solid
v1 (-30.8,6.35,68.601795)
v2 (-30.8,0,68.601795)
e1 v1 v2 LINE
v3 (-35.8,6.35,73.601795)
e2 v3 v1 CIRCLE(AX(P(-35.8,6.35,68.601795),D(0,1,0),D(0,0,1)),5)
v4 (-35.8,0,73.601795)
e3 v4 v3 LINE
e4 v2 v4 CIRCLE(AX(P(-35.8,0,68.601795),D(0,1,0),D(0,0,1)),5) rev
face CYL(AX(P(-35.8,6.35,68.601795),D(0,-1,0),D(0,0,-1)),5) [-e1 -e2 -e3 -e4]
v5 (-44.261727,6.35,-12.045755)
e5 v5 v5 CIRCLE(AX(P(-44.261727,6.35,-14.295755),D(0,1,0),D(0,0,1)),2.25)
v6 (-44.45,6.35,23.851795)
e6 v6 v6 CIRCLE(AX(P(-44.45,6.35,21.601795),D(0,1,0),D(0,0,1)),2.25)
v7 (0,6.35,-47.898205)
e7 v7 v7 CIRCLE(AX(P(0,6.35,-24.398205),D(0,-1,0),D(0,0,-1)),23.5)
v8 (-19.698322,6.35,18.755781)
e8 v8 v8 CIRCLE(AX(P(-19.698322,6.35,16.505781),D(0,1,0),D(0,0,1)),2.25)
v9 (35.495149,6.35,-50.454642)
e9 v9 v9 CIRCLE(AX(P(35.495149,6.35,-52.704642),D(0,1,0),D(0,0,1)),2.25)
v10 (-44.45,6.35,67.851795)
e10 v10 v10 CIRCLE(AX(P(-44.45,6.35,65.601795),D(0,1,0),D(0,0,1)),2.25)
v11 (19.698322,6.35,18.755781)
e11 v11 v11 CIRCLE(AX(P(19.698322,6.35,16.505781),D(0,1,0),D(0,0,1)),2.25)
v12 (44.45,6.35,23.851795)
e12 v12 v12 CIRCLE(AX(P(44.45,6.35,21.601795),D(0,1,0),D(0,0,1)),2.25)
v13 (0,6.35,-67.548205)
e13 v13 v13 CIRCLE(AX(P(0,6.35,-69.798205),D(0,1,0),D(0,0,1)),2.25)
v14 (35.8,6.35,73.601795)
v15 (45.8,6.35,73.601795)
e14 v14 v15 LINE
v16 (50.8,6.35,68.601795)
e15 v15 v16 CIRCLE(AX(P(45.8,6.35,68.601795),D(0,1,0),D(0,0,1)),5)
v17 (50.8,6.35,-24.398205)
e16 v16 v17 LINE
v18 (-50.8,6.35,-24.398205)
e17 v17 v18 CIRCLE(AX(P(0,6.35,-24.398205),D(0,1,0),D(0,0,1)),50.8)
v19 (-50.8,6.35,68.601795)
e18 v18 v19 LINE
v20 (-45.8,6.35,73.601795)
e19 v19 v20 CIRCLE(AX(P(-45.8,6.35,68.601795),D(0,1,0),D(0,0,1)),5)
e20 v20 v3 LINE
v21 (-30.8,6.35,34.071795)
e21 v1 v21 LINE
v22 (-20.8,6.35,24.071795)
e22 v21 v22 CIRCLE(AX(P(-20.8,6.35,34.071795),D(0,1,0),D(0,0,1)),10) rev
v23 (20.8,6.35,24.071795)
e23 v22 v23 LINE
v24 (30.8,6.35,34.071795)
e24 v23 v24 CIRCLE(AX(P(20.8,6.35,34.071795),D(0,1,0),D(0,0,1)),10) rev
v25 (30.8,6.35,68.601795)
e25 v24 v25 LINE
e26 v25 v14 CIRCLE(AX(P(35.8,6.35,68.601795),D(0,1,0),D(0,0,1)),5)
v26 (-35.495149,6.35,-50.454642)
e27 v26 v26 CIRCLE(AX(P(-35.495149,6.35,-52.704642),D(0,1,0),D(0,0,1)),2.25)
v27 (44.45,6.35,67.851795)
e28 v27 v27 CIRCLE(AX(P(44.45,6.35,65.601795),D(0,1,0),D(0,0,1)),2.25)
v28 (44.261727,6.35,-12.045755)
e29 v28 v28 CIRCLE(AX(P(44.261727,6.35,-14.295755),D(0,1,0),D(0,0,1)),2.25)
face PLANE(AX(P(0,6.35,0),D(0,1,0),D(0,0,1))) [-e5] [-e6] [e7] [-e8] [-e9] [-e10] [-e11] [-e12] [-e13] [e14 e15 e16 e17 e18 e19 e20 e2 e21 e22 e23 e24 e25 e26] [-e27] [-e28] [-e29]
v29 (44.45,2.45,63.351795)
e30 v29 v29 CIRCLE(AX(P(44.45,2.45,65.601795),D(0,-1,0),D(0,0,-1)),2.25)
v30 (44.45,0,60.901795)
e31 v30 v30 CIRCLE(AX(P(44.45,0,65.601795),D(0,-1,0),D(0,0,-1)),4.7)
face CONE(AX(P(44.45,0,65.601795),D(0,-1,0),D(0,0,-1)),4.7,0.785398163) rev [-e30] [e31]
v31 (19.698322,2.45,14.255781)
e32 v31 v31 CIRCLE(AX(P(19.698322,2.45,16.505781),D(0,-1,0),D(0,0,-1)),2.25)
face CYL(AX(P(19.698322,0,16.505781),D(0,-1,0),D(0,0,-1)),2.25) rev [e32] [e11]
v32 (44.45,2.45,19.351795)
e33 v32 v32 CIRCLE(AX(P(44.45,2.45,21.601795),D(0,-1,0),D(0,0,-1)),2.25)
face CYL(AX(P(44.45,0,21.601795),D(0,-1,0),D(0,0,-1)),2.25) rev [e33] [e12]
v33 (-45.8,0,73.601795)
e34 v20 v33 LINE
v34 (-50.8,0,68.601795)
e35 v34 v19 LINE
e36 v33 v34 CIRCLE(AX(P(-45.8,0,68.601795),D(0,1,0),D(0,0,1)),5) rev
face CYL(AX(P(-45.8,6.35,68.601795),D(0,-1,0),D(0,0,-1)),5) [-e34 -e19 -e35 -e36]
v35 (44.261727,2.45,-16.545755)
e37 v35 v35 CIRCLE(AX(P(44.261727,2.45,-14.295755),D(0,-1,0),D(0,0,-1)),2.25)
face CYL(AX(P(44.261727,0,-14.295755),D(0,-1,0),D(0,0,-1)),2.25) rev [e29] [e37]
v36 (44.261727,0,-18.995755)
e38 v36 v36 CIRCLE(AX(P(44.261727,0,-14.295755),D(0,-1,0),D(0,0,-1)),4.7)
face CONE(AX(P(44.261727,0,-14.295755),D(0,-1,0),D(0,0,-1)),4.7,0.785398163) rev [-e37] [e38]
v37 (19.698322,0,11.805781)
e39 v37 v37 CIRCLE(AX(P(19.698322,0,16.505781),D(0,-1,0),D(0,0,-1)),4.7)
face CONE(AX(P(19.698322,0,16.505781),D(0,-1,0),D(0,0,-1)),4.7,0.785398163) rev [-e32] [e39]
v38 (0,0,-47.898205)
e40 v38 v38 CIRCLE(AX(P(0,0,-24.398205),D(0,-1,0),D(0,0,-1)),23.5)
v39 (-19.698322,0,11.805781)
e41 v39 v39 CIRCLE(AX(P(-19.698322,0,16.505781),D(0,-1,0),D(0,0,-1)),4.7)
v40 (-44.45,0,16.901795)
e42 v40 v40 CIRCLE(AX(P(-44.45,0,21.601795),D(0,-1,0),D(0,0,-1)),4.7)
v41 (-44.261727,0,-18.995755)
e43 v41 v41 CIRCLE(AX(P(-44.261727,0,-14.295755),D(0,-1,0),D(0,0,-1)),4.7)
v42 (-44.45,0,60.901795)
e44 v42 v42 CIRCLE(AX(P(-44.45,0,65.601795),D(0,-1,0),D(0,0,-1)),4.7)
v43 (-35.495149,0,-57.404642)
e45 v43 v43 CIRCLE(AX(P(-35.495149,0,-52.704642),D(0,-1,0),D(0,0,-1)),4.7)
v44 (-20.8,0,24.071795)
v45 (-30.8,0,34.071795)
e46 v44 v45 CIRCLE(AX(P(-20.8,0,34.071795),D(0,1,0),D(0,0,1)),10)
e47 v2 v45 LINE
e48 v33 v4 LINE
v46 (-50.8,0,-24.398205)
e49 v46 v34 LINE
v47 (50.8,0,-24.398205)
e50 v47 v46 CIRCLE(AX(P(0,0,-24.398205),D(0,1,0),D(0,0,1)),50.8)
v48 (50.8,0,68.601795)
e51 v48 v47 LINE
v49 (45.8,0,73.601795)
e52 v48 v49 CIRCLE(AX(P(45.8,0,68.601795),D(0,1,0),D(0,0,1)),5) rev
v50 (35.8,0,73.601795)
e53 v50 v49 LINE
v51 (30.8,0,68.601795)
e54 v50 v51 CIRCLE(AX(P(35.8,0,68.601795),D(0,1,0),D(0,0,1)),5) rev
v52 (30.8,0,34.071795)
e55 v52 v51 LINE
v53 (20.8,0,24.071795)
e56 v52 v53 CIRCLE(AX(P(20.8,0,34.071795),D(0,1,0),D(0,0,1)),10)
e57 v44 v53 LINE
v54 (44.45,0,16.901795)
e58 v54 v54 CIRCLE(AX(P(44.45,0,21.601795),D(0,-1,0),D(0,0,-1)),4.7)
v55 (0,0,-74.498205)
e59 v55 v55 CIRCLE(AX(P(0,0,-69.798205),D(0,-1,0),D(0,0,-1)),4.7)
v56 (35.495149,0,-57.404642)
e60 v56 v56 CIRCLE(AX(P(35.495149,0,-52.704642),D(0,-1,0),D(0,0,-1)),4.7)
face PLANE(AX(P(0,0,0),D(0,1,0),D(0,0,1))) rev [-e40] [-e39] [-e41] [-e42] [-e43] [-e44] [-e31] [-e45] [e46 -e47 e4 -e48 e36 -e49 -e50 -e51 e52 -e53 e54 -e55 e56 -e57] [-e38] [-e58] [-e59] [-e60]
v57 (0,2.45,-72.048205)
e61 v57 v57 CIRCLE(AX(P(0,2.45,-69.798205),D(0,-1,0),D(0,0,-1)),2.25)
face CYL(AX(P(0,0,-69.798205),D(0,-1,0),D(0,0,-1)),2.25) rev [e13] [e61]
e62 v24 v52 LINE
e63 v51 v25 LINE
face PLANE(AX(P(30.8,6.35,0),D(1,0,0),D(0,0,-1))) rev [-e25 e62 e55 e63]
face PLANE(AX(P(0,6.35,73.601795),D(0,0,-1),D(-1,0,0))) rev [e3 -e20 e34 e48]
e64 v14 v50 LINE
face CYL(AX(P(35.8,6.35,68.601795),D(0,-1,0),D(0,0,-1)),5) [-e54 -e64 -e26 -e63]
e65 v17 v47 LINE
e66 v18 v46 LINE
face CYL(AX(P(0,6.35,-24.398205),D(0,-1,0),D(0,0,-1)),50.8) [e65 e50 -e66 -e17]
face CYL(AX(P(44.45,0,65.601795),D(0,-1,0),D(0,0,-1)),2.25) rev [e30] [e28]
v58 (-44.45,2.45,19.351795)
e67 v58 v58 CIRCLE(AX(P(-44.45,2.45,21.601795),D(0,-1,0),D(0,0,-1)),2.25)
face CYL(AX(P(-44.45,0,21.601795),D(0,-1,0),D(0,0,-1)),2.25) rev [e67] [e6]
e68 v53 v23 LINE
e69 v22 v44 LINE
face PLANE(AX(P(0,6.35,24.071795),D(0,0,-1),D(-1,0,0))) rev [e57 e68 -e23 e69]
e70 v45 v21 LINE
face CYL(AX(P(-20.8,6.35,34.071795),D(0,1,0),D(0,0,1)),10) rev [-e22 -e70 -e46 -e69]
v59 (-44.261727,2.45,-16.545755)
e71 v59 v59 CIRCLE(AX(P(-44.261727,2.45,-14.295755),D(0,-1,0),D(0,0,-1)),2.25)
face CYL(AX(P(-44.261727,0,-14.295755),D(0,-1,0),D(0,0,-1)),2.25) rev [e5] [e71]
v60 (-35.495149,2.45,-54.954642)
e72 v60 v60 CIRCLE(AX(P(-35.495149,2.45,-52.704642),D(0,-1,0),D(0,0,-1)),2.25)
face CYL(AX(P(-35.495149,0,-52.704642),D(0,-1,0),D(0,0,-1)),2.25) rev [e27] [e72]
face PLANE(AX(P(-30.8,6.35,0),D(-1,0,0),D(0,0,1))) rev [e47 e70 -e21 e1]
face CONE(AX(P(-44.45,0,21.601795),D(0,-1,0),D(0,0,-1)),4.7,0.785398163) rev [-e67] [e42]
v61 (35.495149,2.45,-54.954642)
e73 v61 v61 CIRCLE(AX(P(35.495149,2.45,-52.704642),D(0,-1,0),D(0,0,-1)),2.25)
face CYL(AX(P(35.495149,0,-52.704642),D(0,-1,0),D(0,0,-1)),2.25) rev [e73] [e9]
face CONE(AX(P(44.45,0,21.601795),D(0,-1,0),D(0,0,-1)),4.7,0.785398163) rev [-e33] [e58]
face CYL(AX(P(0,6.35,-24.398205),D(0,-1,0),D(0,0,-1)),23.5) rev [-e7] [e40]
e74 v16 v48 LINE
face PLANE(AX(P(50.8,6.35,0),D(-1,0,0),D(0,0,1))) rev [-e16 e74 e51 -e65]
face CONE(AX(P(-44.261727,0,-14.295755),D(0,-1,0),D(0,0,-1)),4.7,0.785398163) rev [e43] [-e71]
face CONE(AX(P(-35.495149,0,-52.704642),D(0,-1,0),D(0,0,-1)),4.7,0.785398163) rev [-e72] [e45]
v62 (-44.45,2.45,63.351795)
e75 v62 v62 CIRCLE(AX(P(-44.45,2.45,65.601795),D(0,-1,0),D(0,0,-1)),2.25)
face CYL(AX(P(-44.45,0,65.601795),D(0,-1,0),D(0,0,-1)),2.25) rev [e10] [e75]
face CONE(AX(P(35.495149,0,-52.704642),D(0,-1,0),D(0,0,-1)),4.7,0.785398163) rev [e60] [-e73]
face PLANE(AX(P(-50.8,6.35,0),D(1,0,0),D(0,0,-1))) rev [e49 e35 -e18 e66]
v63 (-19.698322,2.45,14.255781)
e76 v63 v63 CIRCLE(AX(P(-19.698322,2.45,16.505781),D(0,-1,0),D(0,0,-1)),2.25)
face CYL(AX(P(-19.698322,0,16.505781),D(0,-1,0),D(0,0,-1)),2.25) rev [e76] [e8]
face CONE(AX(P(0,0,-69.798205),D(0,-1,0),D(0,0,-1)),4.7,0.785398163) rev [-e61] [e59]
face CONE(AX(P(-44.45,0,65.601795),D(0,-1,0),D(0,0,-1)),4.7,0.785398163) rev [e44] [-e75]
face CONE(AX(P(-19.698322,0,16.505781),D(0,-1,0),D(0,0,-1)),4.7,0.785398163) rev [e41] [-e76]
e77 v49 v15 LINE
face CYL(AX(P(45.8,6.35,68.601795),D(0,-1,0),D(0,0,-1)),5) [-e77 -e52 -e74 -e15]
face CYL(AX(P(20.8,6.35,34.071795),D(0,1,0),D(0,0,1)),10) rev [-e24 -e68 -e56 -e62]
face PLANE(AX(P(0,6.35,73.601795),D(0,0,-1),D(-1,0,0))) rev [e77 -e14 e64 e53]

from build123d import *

# Parameters (mm, degrees)
BOSS_EXTRUDE1_DEPTH                             = 6.35
FILLET1_R                                       = 10
CSK_FOR_M4_FLAT_HEAD_MACHINE_SCREW1_D           = 4.5
CSK_FOR_M4_FLAT_HEAD_MACHINE_SCREW1_DEPTH       = 41.15
CSK_FOR_M4_FLAT_HEAD_MACHINE_SCREW1_CSINK_D     = 9.4
CSK_FOR_M4_FLAT_HEAD_MACHINE_SCREW1_CSINK_ANGLE = 90
CSK_FOR_M4_FLAT_HEAD_MACHINE_SCREW1_TIP         = 1.351936393
SKETCH5_R                                       = 23.5
CUT_EXTRUDE1_DEPTH                              = 91.971053662
FILLET2_R                                       = 5


with BuildPart() as part:
    # Sketch1 → Boss-Extrude1 (new body)
    with BuildSketch(Plane(origin=(0, 0, 0), x_dir=(1, 0, 0), z_dir=(0, 1, 0))):
        with BuildLine():
            ThreePointArc((-15.208520638, -24.071794541), (-40.946506862, -5.668779355), (-50.8, 24.398205459))
            Line((-50.8, 24.398205459), (-50.8, -73.601794541))
            Line((-50.8, -73.601794541), (-30.8, -73.601794541))
            Line((-30.8, -73.601794541), (-30.8, -24.071794541))
            Line((-30.8, -24.071794541), (-15.208520638, -24.071794541))
        make_face()
        with BuildLine():
            Line((0, 24.398205459), (-50.8, 24.398205459))
            ThreePointArc((-50.8, 24.398205459), (-40.946506862, -5.668779355), (-15.208520638, -24.071794541))
            Line((-15.208520638, -24.071794541), (0, -24.071794541))
            Line((0, -24.071794541), (0, 24.398205459))
        make_face()
        with BuildLine():
            Line((50.8, 24.398205459), (0, 24.398205459))
            Line((0, 24.398205459), (0, -24.071794541))
            Line((0, -24.071794541), (15.208520638, -24.071794541))
            ThreePointArc((15.208520638, -24.071794541), (40.946506862, -5.668779355), (50.8, 24.398205459))
        make_face()
        with BuildLine():
            ThreePointArc((50.8, 24.398205459), (0, 75.198205459), (-50.8, 24.398205459))
            Line((-50.8, 24.398205459), (0, 24.398205459))
            Line((0, 24.398205459), (50.8, 24.398205459))
        make_face()
        with BuildLine():
            Line((50.8, -73.601794541), (50.8, 24.398205459))
            ThreePointArc((50.8, 24.398205459), (40.946506862, -5.668779355), (15.208520638, -24.071794541))
            Line((15.208520638, -24.071794541), (30.8, -24.071794541))
            Line((30.8, -24.071794541), (30.8, -73.601794541))
            Line((30.8, -73.601794541), (50.8, -73.601794541))
        make_face()
    extrude(amount=BOSS_EXTRUDE1_DEPTH)

    # Fillet1
    fillet1_edges = [part.edges().sort_by_distance(p)[0] for p in [
        (-30.8, 3.175, 24.071794541),
        (30.8, 3.175, 24.071794541),
    ]]
    fillet(fillet1_edges, radius=FILLET1_R)

    # CSK for M4 Flat Head Machine Screw1
    with Locations(Plane.XZ):
        with Locations((44.261727213, -14.295755058), (-44.45, 65.601794541), (44.45, 65.601794541), (-44.45, 21.601794541), (44.45, 21.601794541), (19.698321756, 16.505781144), (-19.698321756, 16.505781144), (-44.261727213, -14.295755058), (-35.495149304, -52.704642464), (0, -69.798205459), (35.495149304, -52.704642464)):
            CounterSinkHole(CSK_FOR_M4_FLAT_HEAD_MACHINE_SCREW1_D / 2, CSK_FOR_M4_FLAT_HEAD_MACHINE_SCREW1_CSINK_D / 2, depth=CSK_FOR_M4_FLAT_HEAD_MACHINE_SCREW1_DEPTH, counter_sink_angle=CSK_FOR_M4_FLAT_HEAD_MACHINE_SCREW1_CSINK_ANGLE)
            with Locations((0, 0, -(CSK_FOR_M4_FLAT_HEAD_MACHINE_SCREW1_DEPTH + CSK_FOR_M4_FLAT_HEAD_MACHINE_SCREW1_TIP / 2))):  # 118° drill point
                Cone(0, CSK_FOR_M4_FLAT_HEAD_MACHINE_SCREW1_D / 2, CSK_FOR_M4_FLAT_HEAD_MACHINE_SCREW1_TIP, mode=Mode.SUBTRACT)

    # Sketch5 → Cut-Extrude1 (cut, through all)
    with BuildSketch(Plane.XZ):
        with Locations(Location((0, -24.398205459, 0), (0, 0, 270))):
            Circle(SKETCH5_R)
    extrude(amount=-CUT_EXTRUDE1_DEPTH, mode=Mode.SUBTRACT)

    # Fillet2
    fillet2_edges = [part.edges().sort_by_distance(p)[0] for p in [
        (-30.8, 3.175, 73.601794541),
        (-50.8, 3.175, 73.601794541),
        (50.8, 3.175, 73.601794541),
        (30.8, 3.175, 73.601794541),
    ]]
    fillet(fillet2_edges, radius=FILLET2_R)


solid = part.part
